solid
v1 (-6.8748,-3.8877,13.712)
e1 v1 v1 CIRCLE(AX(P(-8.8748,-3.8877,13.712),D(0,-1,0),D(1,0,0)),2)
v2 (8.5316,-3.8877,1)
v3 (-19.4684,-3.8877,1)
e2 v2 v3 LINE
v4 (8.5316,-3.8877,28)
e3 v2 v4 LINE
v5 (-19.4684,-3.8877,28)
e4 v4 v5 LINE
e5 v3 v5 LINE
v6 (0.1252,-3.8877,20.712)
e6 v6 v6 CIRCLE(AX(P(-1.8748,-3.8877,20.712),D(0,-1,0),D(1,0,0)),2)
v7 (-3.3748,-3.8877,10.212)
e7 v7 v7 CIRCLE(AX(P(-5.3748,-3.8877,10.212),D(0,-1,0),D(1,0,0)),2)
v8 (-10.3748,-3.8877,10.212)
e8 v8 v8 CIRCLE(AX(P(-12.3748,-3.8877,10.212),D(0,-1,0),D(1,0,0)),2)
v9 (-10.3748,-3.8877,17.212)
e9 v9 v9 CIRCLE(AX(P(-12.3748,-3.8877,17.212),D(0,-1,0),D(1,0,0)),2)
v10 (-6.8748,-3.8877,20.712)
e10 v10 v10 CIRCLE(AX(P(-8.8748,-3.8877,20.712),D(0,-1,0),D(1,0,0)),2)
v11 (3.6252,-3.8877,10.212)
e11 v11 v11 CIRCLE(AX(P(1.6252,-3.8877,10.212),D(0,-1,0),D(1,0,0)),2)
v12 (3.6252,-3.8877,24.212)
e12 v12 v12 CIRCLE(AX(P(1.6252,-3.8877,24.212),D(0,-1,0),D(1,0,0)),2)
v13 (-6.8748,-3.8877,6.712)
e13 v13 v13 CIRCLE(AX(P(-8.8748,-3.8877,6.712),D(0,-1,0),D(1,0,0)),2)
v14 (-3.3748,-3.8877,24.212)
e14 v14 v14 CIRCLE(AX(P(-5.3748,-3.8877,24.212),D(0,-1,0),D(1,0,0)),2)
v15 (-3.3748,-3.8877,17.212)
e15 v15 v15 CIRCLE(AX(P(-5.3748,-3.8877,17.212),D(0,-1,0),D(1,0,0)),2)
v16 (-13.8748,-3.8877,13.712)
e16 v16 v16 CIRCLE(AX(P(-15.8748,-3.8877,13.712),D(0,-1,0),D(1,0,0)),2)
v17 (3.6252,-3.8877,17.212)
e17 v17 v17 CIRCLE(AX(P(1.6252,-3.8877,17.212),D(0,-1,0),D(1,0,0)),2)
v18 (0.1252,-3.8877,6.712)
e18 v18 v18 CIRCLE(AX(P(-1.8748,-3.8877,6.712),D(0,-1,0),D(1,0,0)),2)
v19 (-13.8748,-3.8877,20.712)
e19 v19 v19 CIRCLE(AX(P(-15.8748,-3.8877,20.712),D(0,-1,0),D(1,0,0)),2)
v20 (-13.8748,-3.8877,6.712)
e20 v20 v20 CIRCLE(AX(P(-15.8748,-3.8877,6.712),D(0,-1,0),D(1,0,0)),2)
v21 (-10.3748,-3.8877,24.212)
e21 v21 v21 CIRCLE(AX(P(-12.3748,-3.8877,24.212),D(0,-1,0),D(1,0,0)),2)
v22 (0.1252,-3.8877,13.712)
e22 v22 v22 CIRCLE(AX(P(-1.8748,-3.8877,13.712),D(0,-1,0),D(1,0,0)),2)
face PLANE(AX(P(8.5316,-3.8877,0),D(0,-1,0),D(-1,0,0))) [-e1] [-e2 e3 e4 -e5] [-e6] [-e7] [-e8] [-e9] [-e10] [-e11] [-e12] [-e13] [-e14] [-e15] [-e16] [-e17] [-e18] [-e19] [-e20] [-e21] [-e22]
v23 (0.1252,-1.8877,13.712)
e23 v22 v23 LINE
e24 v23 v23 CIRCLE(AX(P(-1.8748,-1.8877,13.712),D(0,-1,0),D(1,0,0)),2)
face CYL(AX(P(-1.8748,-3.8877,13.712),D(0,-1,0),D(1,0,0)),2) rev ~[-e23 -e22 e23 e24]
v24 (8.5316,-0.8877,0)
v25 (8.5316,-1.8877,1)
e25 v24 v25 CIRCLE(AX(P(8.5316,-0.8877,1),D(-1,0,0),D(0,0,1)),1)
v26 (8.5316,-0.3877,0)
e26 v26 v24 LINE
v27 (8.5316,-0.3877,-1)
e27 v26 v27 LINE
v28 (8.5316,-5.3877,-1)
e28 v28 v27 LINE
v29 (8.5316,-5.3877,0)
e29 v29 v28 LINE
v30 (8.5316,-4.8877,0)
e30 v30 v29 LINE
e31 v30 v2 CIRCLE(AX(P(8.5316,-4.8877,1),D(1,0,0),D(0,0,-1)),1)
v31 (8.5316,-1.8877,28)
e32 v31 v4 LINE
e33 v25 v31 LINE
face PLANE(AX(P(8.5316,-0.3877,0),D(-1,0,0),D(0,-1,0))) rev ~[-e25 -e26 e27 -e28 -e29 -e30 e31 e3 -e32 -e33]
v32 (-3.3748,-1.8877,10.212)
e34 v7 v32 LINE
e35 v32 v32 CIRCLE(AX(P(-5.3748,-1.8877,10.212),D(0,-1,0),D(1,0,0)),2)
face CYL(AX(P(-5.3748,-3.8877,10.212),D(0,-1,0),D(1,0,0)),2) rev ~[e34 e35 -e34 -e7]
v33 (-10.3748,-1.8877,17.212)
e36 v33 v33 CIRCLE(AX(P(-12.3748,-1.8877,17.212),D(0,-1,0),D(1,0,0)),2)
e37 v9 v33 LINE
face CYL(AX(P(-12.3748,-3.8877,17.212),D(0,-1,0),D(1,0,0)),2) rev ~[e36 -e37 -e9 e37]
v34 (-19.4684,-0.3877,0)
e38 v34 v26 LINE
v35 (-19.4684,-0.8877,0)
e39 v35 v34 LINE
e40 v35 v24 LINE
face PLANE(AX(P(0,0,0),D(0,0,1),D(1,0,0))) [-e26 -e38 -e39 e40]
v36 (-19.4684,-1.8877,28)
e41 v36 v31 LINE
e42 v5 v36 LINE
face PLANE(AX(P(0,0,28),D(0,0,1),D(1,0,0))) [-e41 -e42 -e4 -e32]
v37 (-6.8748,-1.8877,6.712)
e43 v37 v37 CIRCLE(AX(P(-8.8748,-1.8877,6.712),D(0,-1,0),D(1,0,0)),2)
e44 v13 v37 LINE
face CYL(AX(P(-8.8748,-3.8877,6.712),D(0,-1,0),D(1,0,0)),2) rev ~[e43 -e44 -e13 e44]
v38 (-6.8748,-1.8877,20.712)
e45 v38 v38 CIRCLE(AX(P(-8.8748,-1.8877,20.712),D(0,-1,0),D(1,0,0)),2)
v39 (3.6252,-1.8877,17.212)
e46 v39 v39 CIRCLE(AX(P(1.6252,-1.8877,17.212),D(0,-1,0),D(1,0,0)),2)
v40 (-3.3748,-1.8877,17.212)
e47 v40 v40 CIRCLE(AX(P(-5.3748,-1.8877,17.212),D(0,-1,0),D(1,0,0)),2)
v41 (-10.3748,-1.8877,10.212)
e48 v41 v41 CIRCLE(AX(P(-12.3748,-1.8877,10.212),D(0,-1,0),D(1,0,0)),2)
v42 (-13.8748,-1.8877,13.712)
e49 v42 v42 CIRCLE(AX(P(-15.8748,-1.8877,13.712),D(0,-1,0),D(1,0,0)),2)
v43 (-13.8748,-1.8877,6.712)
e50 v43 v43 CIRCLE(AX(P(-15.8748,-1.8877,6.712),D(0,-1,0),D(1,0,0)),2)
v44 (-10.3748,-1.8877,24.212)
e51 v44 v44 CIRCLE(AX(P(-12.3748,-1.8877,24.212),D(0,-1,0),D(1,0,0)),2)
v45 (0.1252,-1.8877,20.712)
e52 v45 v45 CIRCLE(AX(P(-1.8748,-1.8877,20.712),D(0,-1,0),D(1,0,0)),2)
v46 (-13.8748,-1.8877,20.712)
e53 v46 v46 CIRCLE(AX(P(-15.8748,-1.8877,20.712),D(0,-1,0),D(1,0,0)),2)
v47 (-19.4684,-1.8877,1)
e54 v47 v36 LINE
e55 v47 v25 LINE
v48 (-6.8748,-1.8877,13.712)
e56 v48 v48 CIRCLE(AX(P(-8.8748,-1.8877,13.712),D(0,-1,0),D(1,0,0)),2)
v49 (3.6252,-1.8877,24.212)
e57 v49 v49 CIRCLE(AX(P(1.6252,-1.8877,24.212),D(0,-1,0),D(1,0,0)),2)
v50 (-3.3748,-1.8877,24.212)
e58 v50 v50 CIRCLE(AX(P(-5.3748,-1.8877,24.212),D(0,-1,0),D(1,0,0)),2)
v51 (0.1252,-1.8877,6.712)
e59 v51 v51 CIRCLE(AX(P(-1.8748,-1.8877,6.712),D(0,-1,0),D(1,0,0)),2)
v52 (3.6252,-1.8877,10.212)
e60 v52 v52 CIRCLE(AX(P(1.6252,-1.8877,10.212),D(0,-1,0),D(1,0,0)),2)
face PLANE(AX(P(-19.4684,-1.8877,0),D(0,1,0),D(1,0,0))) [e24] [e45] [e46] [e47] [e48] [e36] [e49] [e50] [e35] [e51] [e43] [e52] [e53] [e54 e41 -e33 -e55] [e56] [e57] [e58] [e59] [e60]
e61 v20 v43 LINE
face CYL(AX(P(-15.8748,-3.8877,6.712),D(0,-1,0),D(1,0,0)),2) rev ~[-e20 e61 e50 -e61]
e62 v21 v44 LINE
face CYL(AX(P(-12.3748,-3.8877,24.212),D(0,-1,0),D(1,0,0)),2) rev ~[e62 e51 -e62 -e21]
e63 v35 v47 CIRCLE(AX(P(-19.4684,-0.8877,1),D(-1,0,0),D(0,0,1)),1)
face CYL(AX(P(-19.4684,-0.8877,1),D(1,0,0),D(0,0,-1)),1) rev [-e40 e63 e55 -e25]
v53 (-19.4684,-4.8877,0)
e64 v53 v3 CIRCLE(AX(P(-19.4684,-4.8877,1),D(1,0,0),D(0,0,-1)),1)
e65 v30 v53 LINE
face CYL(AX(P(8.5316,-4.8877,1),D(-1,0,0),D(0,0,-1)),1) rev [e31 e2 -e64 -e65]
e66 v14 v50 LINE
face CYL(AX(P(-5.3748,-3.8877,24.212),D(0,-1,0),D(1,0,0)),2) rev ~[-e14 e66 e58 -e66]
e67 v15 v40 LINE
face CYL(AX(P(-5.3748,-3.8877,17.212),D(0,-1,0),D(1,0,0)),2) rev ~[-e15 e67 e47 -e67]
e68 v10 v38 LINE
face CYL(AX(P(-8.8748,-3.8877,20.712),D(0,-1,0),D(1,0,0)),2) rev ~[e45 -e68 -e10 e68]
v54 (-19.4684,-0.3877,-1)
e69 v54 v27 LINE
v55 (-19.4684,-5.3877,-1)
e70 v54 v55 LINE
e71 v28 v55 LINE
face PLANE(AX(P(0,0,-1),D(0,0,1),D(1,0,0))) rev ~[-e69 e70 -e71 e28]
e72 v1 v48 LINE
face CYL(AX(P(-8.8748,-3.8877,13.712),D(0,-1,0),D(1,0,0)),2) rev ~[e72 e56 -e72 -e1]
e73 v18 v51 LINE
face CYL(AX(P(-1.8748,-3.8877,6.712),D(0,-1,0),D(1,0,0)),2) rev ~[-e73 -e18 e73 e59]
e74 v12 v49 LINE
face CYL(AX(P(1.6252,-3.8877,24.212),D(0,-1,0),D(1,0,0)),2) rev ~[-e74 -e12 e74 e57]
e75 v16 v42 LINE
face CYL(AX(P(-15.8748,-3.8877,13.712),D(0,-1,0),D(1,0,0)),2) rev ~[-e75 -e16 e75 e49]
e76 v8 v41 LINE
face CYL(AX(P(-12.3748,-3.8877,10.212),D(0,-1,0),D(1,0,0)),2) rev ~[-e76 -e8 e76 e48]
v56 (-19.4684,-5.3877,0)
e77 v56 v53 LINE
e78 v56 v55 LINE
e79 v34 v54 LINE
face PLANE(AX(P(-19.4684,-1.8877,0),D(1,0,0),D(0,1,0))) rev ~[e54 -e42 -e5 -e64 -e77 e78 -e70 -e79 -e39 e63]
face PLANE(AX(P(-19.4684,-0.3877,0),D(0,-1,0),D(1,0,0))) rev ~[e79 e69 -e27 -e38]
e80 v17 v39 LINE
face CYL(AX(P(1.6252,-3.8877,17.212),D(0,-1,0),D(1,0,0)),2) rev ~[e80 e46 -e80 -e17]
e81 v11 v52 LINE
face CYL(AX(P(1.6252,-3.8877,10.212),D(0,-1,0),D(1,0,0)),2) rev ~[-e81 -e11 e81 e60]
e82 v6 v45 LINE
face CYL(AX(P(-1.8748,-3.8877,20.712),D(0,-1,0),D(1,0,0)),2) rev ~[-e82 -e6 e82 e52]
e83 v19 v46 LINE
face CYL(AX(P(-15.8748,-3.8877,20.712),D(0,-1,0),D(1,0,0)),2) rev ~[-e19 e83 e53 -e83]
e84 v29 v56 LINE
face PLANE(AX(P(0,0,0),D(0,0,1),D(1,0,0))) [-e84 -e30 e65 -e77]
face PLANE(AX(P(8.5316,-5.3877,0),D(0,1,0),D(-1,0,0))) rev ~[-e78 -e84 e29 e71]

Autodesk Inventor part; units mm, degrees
ref_plane "YZ Plane" through (0, 0, 0) normal (1, 0, 0) x (0, 1, 0)
ref_plane "XZ Plane" through (0, 0, 0) normal (0, 1, 0) x (-1, 0, 0)
ref_plane "XY Plane" through (0, 0, 0) normal (0, 0, 1) x (1, 0, 0)
sketch "Sketch1" plane through (0, 0, 0) normal (0, 0, 1) x (1, 0, 0)
  line L0 (-19.4684, -0.3877) -> (8.5316, -0.3877)
  line L1 (8.5316, -0.3877) -> (8.5316, -5.3877)
  line L2 (8.5316, -5.3877) -> (-19.4684, -5.3877)
  line L3 (-19.4684, -5.3877) -> (-19.4684, -0.3877)
  line L4 (-19.4684, -1.8877) -> (8.5316, -1.8877)
  line L5 (8.5316, -1.8877) -> (8.5316, -3.8877)
  line L6 (8.5316, -3.8877) -> (-19.4684, -3.8877)
  line L7 (-19.4684, -3.8877) -> (-19.4684, -1.8877)
  point P0 (0, 0)
  dimension "d0" = 28
  dimension "d1" = 5
  dimension "d4" = 2
  dimension "d5" = 28
  dimension "d7" = 1.5
  dimension "d56" = 0
extrude "Extrusion1" add sketch "Sketch1" along normal blind 28 contours L4 L1 L6 L3
extrude "Extrusion2" add sketch "Sketch1" against normal blind 1
fillet "Fillet1" radius 1 2 edges at (-5.4684, -3.8877, 0) (-5.4684, -1.8877, 0)
sketch "Sketch2" plane through (-19.4684, -3.8877, 28) normal (0, -1, 0) x (1, 0, 0)
  line L0 (27, -1) -> (1, -1)
  line L1 (1, -1) -> (1, -17)
  line L2 (1, -17) -> (27, -17)
  line L3 (27, -17) -> (27, -1)
  line L4 (0, 0) -> (28, 0) projected
  line L5 (2.3536, -1) -> (7.3536, -1) construction
  line L6 (8.0711, -1) -> (5.2426, -3.8284)
  line L7 (5.2426, -3.8284) -> (2.4142, -1)
  line L8 (1, -2.4142) -> (3.8284, -5.2426)
  line L9 (3.8284, -5.2426) -> (1, -8.0711)
  line L10 (1, -8.0711) -> (2.4142, -9.4853)
  line L11 (2.4142, -9.4853) -> (5.2426, -6.6569)
  line L12 (5.2426, -6.6569) -> (8.0711, -9.4853)
  line L13 (8.0711, -9.4853) -> (9.4853, -8.0711)
  line L14 (9.4853, -8.0711) -> (6.6569, -5.2426)
  line L15 (6.6569, -5.2426) -> (9.4853, -2.4142)
  line L16 (9.4853, -2.4142) -> (8.0711, -1)
  line L17 (2.4142, -1) -> (1, -2.4142)
  line L18 (9.4853, -2.4142) -> (9.4853, -8.0711)
  line L19 (8.0711, -9.4853) -> (2.4142, -9.4853)
  line L20 (1, -8.0711) -> (1, -2.4142)
  line L21 (2.4142, -1) -> (8.0711, -1)
  line L22 (28, -27) -> (28, 0) projected
  line L23 (0, -27) -> (0, 0) projected
  point P0 (19.4684, -28)
  dimension "d28" = 4
  dimension "d29" = 2
  dimension "d30" = 4
  dimension "d31" = 2
  dimension "d32" = 4
  dimension "d39" = 8.4853
  dimension "d40" = 1
  dimension "d41" = 1
  dimension "d42" = 1
extrude "Extrusion3" [suppressed]
pattern_linear "Rectangular Pattern1" [suppressed]
sketch "Sketch3" plane through (-19.4684, -3.8877, 28) normal (0, -1, 0) x (1, 0, 0)
  line L0 (3, -3) -> (3, -21) construction
  line L1 (2, -3) -> (2, -21)
  line L2 (4, -21) -> (4, -3)
  arc A0 (4, -3) -> (2, -3) centre (3, -3) ccw
  arc A1 (2, -21) -> (4, -21) centre (3, -21) ccw
  line L3 (0, 0) -> (28, 0) projected
  line L4 (0, -27) -> (0, 0) projected
  point P0 (19.4684, -28)
  point P1 (3, -12)
  dimension "d43" = 2
  dimension "d44" = 3
  dimension "d45" = 18
  dimension "d48" = 3
extrude "Extrusion4" [suppressed]
pattern_linear "Rectangular Pattern2" [suppressed]
fillet "Fillet2" [suppressed]
sketch "Sketch4" plane through (-19.4684, -3.8877, 28) normal (0, -1, 0) x (1, 0, 0)
  line L0 (0, -27) -> (0, 0) projected
  circle A0 centre (3.5936, -7.288) radius 2
  circle A1 centre (7.0936, -3.788) radius 2
  point P0 (19.4684, -28)
  dimension "d80" = 4
  dimension "d81" = 4
  dimension "d82" = 3.5
  dimension "d83" = 3.5
extrude "Extrusion5" cut sketch "Sketch4" against normal blind 10
pattern_linear "Rectangular Pattern3" count 3 spacing 7 along (1, 0, 0) count 3 spacing 7 along (0, 0, -1) of "Extrusion5"
equation "\"d0\" = d5"
equation "\"d28\" = d32"
equation "\"d29\" = d31"
equation "\"d30\" = d32"
equation "\"d80\" = d81"
equation "\"d83\" = d82"
properties part number "vent test circle"
